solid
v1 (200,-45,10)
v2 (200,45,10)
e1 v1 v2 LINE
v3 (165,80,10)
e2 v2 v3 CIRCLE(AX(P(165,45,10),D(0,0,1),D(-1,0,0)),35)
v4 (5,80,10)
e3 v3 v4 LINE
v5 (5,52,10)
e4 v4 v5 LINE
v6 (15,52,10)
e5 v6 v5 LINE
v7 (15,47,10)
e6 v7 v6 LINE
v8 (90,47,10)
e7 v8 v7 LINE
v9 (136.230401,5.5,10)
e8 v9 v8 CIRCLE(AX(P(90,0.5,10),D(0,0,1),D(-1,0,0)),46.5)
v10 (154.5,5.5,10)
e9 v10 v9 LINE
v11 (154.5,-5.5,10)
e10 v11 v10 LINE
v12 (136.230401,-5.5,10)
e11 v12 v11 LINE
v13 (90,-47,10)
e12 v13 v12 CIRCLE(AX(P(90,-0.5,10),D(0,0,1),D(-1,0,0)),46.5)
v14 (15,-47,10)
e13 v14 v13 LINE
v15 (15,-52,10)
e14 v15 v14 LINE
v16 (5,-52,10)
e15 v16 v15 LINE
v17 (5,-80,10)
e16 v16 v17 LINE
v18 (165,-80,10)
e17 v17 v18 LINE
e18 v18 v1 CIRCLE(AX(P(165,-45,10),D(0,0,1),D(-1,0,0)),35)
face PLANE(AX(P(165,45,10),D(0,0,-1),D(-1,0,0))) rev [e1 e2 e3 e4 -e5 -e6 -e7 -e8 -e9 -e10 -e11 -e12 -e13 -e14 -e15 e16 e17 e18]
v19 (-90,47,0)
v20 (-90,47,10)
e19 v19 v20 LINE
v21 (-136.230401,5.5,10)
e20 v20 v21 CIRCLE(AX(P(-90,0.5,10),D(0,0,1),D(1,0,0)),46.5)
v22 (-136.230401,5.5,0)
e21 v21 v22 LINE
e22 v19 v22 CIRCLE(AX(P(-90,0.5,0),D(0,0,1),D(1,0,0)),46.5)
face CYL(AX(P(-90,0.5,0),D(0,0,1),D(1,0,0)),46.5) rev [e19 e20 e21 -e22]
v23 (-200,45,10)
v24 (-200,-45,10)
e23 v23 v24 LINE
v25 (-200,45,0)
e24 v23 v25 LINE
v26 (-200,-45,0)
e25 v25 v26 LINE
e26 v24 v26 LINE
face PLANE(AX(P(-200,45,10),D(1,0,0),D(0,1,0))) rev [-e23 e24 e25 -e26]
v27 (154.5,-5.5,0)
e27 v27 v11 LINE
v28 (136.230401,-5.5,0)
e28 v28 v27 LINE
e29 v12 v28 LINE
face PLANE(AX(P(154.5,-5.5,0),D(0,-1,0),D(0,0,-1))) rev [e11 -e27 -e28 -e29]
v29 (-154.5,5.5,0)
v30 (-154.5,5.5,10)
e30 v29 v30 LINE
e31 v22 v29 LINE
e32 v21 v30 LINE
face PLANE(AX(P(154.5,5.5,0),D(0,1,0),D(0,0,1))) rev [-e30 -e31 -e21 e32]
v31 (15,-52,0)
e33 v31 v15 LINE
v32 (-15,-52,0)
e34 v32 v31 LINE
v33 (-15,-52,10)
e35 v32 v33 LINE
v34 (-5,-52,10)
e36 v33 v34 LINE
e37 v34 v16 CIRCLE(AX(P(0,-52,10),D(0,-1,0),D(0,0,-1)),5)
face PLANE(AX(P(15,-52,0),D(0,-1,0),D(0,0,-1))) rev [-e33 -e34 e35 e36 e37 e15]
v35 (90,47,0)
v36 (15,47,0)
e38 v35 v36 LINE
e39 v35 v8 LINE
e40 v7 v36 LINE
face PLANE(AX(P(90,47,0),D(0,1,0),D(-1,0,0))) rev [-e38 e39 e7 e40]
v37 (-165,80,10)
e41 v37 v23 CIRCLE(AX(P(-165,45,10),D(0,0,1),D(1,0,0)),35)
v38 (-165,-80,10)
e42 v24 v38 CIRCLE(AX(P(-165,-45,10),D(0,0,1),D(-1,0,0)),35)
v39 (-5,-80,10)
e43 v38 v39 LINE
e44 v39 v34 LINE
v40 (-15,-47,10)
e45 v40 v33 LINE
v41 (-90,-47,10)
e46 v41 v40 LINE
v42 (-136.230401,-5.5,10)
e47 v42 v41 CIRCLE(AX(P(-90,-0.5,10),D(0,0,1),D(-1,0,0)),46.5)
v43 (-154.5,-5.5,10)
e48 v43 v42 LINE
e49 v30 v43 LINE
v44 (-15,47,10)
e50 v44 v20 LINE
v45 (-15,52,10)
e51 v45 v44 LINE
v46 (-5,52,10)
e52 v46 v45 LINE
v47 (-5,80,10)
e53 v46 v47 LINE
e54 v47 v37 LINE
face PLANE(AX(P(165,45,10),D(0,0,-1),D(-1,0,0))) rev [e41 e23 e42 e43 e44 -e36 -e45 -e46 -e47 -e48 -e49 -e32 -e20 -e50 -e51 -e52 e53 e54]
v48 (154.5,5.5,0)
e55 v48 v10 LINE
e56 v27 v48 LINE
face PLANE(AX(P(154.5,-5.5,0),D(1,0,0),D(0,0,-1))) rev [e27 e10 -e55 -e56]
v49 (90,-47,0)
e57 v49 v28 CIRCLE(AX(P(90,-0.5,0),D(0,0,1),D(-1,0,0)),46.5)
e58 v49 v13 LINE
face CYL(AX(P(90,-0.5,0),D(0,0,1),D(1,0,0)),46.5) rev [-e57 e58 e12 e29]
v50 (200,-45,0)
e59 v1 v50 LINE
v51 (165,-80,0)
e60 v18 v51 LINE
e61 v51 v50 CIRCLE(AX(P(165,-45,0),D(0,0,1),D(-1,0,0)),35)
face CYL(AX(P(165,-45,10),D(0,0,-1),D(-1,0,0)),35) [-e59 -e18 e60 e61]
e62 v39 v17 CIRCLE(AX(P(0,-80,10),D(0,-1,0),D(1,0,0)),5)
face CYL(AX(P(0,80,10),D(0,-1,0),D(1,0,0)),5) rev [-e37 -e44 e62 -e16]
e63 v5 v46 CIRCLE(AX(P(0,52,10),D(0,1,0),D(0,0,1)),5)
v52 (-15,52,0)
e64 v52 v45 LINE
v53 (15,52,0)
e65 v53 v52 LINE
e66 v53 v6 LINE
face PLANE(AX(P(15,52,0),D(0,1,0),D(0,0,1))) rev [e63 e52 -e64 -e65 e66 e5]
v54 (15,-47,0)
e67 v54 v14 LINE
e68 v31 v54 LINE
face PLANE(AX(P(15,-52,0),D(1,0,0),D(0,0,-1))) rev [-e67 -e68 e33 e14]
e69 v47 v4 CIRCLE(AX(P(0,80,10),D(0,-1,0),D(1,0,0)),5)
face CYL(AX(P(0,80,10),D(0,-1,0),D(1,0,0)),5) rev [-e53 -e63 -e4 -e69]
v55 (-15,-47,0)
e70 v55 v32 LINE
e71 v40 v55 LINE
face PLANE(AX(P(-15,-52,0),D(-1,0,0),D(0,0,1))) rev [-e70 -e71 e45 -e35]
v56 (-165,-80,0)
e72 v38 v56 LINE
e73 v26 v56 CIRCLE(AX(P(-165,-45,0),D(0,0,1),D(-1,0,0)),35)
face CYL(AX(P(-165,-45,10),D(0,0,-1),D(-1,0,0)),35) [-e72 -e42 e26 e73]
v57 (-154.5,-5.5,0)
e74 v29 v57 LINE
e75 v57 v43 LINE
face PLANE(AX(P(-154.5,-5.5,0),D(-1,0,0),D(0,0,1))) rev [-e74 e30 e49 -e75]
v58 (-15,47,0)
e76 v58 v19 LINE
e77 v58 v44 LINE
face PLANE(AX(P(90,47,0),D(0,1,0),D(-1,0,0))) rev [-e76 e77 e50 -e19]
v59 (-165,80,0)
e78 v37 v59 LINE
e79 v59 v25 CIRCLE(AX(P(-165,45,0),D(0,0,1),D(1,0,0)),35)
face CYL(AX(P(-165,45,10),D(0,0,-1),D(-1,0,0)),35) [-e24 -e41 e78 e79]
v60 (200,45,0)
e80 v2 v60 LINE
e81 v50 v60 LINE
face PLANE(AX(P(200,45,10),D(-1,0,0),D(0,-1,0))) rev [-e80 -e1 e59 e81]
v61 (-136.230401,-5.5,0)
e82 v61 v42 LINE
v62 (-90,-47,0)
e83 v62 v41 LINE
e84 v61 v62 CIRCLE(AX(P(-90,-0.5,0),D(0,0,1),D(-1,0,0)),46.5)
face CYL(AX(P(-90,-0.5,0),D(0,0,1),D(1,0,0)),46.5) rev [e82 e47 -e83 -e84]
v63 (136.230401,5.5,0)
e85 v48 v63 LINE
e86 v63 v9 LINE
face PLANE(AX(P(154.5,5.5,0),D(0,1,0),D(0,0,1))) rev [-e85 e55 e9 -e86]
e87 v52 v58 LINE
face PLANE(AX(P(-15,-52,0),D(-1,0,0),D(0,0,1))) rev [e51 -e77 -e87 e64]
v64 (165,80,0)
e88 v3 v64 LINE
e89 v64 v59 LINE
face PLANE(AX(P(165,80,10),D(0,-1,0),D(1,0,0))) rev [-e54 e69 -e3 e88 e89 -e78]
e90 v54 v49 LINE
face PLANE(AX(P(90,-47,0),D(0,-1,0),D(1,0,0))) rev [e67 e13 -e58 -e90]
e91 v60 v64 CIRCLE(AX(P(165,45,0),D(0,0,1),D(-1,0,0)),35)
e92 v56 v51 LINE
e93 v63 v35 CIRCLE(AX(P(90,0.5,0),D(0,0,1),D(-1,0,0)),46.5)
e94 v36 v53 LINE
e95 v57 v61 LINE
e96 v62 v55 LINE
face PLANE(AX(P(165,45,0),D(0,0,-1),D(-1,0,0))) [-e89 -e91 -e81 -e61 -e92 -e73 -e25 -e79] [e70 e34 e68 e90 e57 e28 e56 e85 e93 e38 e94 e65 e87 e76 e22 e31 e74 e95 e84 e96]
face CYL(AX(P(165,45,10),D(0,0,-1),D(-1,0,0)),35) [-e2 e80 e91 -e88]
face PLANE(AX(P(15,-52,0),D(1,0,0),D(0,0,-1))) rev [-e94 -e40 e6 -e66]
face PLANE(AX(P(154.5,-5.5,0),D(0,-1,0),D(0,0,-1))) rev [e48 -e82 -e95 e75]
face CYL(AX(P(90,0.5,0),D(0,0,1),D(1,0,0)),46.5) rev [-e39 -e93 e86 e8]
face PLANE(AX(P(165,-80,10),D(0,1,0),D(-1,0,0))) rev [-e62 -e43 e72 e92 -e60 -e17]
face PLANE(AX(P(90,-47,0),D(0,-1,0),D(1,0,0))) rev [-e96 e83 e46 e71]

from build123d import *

# Parameters (mm, degrees)
BOSS_EXTRU_2_DEPTH      = 10
ENL_V_MAT_EXTRU_1_DEPTH = 10
ESQUISSE4_W             = 309
ESQUISSE4_H             = 11
ENL_V_MAT_EXTRU_2_DEPTH = 10
ESQUISSE5_W             = 30
ESQUISSE5_H             = 104
ENL_V_MAT_EXTRU_3_DEPTH = 10
ESQUISSE6_R             = 5
ENL_V_MAT_EXTRU_4_DEPTH = 161


with BuildPart() as part:
    # Esquisse2 → Boss.-Extru.2 (new body)
    with BuildSketch(Plane.XY):
        with BuildLine():
            Line((165, 80), (-165, 80))
            ThreePointArc((-165, 80), (-189.748737342, 69.748737342), (-200, 45))
            Line((-200, 45), (-200, -45))
            ThreePointArc((-200, -45), (-189.748737342, -69.748737342), (-165, -80))
            Line((-165, -80), (165, -80))
            ThreePointArc((165, -80), (189.748737342, -69.748737342), (200, -45))
            Line((200, -45), (200, 45))
            ThreePointArc((200, 45), (189.748737342, 69.748737342), (165, 80))
        make_face()
    extrude(amount=BOSS_EXTRU_2_DEPTH)

    # Esquisse3 → Enlèv. mat.-Extru.1 (cut)
    with BuildSketch(Plane.XY.offset(10)):
        with BuildLine():
            Line((90, 47), (-90, 47))
            ThreePointArc((-90, 47), (-122.880465325, 33.380465325), (-136.5, 0.5))
            Line((-136.5, 0.5), (-136.5, -0.5))
            ThreePointArc((-136.5, -0.5), (-122.880465325, -33.380465325), (-90, -47))
            Line((-90, -47), (90, -47))
            ThreePointArc((90, -47), (122.880465325, -33.380465325), (136.5, -0.5))
            Line((136.5, -0.5), (136.5, 0.5))
            ThreePointArc((136.5, 0.5), (122.880465325, 33.380465325), (90, 47))
        make_face()
    extrude(amount=-ENL_V_MAT_EXTRU_1_DEPTH, mode=Mode.SUBTRACT)

    # Esquisse4 → Enlèv. mat.-Extru.2 (cut)
    with BuildSketch(Plane.XY.offset(10)):
        Rectangle(ESQUISSE4_W, ESQUISSE4_H)
    extrude(amount=-ENL_V_MAT_EXTRU_2_DEPTH, mode=Mode.SUBTRACT)

    # Esquisse5 → Enlèv. mat.-Extru.3 (cut)
    with BuildSketch(Plane.XY.offset(10)):
        Rectangle(ESQUISSE5_W, ESQUISSE5_H)
    extrude(amount=-ENL_V_MAT_EXTRU_3_DEPTH, mode=Mode.SUBTRACT)

    # Esquisse6 → Enlèv. mat.-Extru.4 (cut, through all)
    with BuildSketch(Plane.XZ.offset(80)):
        with Locations((0, 10)):
            Circle(ESQUISSE6_R)
    extrude(amount=-ENL_V_MAT_EXTRU_4_DEPTH, mode=Mode.SUBTRACT)


solid = part.part
